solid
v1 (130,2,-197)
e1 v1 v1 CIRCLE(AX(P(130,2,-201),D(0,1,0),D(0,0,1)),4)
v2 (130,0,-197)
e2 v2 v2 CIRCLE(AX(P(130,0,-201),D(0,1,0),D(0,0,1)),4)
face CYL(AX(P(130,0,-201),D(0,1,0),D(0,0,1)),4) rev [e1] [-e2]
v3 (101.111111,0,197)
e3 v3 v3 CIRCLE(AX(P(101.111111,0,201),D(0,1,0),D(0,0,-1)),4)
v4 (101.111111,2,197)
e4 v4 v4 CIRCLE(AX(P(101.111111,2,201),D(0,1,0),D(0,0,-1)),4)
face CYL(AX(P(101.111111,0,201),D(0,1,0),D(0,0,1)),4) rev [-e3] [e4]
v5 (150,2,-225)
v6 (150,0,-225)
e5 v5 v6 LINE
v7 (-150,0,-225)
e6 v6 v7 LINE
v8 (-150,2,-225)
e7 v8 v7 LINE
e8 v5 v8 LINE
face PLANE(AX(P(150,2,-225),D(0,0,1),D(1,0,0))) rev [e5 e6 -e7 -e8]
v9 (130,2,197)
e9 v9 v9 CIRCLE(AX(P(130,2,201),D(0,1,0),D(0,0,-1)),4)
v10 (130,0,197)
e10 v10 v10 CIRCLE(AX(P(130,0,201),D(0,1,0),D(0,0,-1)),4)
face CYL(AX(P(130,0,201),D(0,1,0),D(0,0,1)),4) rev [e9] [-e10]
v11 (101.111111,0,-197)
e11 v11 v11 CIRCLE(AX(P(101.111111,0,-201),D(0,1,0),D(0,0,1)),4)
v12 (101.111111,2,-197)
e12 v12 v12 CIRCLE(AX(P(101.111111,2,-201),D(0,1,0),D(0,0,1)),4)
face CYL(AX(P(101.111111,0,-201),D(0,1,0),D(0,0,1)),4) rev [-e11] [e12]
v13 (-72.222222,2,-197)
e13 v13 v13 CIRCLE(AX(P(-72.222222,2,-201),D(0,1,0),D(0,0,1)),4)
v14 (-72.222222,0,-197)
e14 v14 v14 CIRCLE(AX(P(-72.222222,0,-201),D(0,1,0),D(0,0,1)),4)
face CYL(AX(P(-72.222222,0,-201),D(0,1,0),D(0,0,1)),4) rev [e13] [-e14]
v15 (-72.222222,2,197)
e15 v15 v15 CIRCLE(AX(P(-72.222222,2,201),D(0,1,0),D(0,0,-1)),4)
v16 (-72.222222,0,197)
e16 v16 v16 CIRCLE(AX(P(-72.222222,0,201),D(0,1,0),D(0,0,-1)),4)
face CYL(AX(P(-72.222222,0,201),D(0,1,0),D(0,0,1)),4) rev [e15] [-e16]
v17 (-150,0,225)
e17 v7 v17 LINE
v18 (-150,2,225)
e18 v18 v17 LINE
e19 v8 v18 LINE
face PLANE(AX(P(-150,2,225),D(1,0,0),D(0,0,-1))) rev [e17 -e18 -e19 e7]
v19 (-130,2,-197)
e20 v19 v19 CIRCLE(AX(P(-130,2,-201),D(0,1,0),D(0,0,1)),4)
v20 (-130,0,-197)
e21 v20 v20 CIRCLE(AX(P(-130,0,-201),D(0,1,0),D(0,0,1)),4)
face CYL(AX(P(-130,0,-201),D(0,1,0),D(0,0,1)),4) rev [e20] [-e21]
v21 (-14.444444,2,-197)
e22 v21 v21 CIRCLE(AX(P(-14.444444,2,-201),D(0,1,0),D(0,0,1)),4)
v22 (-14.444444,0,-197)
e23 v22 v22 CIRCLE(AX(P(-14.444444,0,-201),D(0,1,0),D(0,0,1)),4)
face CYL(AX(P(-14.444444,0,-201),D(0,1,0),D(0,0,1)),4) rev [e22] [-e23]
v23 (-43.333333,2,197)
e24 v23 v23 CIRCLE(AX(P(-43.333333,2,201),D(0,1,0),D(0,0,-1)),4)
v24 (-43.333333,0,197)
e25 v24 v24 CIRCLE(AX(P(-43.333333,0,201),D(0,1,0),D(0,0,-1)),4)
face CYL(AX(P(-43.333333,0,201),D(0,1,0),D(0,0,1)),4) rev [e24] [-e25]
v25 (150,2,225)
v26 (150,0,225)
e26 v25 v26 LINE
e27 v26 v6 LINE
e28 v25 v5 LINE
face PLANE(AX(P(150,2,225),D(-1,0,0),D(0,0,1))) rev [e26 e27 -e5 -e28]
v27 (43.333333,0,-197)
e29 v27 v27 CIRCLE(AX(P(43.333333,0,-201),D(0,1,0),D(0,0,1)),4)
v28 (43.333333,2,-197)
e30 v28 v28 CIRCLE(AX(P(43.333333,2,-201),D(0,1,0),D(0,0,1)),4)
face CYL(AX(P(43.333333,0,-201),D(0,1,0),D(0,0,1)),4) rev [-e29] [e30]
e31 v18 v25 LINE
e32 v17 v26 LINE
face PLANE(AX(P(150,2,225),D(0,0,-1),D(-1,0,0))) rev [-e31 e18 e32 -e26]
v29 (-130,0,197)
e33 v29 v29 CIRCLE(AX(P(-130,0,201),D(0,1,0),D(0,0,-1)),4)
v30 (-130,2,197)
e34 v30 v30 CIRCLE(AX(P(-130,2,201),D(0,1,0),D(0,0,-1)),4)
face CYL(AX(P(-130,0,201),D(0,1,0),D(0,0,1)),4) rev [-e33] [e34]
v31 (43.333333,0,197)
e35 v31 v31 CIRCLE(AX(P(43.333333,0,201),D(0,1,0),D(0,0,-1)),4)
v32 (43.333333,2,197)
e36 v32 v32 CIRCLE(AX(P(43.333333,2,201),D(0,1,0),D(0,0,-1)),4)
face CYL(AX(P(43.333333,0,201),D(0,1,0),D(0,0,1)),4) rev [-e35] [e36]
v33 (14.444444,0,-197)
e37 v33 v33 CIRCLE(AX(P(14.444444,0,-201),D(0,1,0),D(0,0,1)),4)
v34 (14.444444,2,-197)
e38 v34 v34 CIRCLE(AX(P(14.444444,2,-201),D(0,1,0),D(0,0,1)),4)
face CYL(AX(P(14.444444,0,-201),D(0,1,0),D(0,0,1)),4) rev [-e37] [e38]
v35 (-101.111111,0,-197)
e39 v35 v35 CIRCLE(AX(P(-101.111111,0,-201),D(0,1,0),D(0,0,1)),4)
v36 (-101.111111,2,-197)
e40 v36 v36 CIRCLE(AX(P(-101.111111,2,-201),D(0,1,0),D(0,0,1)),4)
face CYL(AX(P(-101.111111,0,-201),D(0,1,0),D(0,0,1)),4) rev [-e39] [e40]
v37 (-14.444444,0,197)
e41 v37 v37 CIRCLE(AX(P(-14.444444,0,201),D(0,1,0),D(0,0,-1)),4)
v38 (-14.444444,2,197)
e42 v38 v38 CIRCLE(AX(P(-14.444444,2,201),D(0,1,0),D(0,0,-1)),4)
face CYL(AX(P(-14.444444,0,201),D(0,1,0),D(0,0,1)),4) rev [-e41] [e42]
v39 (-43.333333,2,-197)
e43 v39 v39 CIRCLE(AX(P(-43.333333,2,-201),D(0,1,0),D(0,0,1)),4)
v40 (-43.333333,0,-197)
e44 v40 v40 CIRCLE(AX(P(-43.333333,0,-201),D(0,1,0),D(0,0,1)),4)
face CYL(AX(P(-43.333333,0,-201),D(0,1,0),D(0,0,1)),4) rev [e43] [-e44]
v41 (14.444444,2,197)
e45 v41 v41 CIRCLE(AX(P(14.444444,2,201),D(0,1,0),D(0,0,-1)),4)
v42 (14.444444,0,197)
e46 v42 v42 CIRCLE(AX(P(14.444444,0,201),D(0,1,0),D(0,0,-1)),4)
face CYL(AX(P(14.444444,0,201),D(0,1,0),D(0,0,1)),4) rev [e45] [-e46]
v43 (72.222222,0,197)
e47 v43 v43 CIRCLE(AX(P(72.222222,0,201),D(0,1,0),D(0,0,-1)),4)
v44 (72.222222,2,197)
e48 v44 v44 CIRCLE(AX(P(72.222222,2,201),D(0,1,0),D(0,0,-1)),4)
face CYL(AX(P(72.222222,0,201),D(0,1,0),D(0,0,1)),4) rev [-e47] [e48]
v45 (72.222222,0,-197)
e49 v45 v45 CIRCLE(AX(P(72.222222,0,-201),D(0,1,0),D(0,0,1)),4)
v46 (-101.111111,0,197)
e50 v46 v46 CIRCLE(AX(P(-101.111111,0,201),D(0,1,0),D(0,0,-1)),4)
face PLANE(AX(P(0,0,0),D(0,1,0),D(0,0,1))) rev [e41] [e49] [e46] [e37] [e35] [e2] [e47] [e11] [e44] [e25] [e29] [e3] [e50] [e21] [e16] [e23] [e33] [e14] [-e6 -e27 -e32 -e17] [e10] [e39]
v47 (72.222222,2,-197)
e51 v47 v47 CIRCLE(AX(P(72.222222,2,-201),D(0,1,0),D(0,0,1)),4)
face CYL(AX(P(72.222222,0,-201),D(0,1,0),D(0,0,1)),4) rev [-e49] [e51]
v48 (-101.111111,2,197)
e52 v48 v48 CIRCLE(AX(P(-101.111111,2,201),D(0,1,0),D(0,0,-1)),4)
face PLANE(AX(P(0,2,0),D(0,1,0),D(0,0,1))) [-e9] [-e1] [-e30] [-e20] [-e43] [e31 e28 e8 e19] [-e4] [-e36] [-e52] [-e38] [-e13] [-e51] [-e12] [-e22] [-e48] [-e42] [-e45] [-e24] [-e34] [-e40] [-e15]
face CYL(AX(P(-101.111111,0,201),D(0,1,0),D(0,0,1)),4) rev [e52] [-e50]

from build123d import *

# Parameters (mm, degrees)
SKETCH2_W           = 300
SKETCH2_H           = 450
BOSS_EXTRUDE1_DEPTH = 2
SKETCH3_R           = 4
CUT_EXTRUDE1_DEPTH  = 2


with BuildPart() as part:
    # Sketch2 → Boss-Extrude1 (new body)
    with BuildSketch(Plane(origin=(0, 0, 0), x_dir=(1, 0, 0), z_dir=(0, 1, 0))):
        Rectangle(SKETCH2_W, SKETCH2_H)
    extrude(amount=BOSS_EXTRUDE1_DEPTH)

    # Sketch3 → Cut-Extrude1 (cut)
    with BuildSketch(Plane(origin=(0, 2, 0), x_dir=(1, 0, 0), z_dir=(0, 1, 0))):
        with Locations((-130, 201)):
            Circle(SKETCH3_R)
        with Locations((-101.111111111, 201)):
            Circle(SKETCH3_R)
        with Locations((-72.222222222, 201)):
            Circle(SKETCH3_R)
        with Locations((-43.333333333, 201)):
            Circle(SKETCH3_R)
        with Locations((-14.444444444, 201)):
            Circle(SKETCH3_R)
        with Locations((14.444444444, 201)):
            Circle(SKETCH3_R)
        with Locations((43.333333333, 201)):
            Circle(SKETCH3_R)
        with Locations((72.222222222, 201)):
            Circle(SKETCH3_R)
        with Locations((101.111111111, 201)):
            Circle(SKETCH3_R)
        with Locations((130, 201)):
            Circle(SKETCH3_R)
        with Locations((130, -201)):
            Circle(SKETCH3_R)
        with Locations((101.111111111, -201)):
            Circle(SKETCH3_R)
        with Locations((72.222222222, -201)):
            Circle(SKETCH3_R)
        with Locations((43.333333333, -201)):
            Circle(SKETCH3_R)
        with Locations((14.444444444, -201)):
            Circle(SKETCH3_R)
        with Locations((-14.444444444, -201)):
            Circle(SKETCH3_R)
        with Locations((-43.333333333, -201)):
            Circle(SKETCH3_R)
        with Locations((-72.222222222, -201)):
            Circle(SKETCH3_R)
        with Locations((-101.111111111, -201)):
            Circle(SKETCH3_R)
        with Locations((-130, -201)):
            Circle(SKETCH3_R)
    extrude(amount=-CUT_EXTRUDE1_DEPTH, mode=Mode.SUBTRACT)


solid = part.part
